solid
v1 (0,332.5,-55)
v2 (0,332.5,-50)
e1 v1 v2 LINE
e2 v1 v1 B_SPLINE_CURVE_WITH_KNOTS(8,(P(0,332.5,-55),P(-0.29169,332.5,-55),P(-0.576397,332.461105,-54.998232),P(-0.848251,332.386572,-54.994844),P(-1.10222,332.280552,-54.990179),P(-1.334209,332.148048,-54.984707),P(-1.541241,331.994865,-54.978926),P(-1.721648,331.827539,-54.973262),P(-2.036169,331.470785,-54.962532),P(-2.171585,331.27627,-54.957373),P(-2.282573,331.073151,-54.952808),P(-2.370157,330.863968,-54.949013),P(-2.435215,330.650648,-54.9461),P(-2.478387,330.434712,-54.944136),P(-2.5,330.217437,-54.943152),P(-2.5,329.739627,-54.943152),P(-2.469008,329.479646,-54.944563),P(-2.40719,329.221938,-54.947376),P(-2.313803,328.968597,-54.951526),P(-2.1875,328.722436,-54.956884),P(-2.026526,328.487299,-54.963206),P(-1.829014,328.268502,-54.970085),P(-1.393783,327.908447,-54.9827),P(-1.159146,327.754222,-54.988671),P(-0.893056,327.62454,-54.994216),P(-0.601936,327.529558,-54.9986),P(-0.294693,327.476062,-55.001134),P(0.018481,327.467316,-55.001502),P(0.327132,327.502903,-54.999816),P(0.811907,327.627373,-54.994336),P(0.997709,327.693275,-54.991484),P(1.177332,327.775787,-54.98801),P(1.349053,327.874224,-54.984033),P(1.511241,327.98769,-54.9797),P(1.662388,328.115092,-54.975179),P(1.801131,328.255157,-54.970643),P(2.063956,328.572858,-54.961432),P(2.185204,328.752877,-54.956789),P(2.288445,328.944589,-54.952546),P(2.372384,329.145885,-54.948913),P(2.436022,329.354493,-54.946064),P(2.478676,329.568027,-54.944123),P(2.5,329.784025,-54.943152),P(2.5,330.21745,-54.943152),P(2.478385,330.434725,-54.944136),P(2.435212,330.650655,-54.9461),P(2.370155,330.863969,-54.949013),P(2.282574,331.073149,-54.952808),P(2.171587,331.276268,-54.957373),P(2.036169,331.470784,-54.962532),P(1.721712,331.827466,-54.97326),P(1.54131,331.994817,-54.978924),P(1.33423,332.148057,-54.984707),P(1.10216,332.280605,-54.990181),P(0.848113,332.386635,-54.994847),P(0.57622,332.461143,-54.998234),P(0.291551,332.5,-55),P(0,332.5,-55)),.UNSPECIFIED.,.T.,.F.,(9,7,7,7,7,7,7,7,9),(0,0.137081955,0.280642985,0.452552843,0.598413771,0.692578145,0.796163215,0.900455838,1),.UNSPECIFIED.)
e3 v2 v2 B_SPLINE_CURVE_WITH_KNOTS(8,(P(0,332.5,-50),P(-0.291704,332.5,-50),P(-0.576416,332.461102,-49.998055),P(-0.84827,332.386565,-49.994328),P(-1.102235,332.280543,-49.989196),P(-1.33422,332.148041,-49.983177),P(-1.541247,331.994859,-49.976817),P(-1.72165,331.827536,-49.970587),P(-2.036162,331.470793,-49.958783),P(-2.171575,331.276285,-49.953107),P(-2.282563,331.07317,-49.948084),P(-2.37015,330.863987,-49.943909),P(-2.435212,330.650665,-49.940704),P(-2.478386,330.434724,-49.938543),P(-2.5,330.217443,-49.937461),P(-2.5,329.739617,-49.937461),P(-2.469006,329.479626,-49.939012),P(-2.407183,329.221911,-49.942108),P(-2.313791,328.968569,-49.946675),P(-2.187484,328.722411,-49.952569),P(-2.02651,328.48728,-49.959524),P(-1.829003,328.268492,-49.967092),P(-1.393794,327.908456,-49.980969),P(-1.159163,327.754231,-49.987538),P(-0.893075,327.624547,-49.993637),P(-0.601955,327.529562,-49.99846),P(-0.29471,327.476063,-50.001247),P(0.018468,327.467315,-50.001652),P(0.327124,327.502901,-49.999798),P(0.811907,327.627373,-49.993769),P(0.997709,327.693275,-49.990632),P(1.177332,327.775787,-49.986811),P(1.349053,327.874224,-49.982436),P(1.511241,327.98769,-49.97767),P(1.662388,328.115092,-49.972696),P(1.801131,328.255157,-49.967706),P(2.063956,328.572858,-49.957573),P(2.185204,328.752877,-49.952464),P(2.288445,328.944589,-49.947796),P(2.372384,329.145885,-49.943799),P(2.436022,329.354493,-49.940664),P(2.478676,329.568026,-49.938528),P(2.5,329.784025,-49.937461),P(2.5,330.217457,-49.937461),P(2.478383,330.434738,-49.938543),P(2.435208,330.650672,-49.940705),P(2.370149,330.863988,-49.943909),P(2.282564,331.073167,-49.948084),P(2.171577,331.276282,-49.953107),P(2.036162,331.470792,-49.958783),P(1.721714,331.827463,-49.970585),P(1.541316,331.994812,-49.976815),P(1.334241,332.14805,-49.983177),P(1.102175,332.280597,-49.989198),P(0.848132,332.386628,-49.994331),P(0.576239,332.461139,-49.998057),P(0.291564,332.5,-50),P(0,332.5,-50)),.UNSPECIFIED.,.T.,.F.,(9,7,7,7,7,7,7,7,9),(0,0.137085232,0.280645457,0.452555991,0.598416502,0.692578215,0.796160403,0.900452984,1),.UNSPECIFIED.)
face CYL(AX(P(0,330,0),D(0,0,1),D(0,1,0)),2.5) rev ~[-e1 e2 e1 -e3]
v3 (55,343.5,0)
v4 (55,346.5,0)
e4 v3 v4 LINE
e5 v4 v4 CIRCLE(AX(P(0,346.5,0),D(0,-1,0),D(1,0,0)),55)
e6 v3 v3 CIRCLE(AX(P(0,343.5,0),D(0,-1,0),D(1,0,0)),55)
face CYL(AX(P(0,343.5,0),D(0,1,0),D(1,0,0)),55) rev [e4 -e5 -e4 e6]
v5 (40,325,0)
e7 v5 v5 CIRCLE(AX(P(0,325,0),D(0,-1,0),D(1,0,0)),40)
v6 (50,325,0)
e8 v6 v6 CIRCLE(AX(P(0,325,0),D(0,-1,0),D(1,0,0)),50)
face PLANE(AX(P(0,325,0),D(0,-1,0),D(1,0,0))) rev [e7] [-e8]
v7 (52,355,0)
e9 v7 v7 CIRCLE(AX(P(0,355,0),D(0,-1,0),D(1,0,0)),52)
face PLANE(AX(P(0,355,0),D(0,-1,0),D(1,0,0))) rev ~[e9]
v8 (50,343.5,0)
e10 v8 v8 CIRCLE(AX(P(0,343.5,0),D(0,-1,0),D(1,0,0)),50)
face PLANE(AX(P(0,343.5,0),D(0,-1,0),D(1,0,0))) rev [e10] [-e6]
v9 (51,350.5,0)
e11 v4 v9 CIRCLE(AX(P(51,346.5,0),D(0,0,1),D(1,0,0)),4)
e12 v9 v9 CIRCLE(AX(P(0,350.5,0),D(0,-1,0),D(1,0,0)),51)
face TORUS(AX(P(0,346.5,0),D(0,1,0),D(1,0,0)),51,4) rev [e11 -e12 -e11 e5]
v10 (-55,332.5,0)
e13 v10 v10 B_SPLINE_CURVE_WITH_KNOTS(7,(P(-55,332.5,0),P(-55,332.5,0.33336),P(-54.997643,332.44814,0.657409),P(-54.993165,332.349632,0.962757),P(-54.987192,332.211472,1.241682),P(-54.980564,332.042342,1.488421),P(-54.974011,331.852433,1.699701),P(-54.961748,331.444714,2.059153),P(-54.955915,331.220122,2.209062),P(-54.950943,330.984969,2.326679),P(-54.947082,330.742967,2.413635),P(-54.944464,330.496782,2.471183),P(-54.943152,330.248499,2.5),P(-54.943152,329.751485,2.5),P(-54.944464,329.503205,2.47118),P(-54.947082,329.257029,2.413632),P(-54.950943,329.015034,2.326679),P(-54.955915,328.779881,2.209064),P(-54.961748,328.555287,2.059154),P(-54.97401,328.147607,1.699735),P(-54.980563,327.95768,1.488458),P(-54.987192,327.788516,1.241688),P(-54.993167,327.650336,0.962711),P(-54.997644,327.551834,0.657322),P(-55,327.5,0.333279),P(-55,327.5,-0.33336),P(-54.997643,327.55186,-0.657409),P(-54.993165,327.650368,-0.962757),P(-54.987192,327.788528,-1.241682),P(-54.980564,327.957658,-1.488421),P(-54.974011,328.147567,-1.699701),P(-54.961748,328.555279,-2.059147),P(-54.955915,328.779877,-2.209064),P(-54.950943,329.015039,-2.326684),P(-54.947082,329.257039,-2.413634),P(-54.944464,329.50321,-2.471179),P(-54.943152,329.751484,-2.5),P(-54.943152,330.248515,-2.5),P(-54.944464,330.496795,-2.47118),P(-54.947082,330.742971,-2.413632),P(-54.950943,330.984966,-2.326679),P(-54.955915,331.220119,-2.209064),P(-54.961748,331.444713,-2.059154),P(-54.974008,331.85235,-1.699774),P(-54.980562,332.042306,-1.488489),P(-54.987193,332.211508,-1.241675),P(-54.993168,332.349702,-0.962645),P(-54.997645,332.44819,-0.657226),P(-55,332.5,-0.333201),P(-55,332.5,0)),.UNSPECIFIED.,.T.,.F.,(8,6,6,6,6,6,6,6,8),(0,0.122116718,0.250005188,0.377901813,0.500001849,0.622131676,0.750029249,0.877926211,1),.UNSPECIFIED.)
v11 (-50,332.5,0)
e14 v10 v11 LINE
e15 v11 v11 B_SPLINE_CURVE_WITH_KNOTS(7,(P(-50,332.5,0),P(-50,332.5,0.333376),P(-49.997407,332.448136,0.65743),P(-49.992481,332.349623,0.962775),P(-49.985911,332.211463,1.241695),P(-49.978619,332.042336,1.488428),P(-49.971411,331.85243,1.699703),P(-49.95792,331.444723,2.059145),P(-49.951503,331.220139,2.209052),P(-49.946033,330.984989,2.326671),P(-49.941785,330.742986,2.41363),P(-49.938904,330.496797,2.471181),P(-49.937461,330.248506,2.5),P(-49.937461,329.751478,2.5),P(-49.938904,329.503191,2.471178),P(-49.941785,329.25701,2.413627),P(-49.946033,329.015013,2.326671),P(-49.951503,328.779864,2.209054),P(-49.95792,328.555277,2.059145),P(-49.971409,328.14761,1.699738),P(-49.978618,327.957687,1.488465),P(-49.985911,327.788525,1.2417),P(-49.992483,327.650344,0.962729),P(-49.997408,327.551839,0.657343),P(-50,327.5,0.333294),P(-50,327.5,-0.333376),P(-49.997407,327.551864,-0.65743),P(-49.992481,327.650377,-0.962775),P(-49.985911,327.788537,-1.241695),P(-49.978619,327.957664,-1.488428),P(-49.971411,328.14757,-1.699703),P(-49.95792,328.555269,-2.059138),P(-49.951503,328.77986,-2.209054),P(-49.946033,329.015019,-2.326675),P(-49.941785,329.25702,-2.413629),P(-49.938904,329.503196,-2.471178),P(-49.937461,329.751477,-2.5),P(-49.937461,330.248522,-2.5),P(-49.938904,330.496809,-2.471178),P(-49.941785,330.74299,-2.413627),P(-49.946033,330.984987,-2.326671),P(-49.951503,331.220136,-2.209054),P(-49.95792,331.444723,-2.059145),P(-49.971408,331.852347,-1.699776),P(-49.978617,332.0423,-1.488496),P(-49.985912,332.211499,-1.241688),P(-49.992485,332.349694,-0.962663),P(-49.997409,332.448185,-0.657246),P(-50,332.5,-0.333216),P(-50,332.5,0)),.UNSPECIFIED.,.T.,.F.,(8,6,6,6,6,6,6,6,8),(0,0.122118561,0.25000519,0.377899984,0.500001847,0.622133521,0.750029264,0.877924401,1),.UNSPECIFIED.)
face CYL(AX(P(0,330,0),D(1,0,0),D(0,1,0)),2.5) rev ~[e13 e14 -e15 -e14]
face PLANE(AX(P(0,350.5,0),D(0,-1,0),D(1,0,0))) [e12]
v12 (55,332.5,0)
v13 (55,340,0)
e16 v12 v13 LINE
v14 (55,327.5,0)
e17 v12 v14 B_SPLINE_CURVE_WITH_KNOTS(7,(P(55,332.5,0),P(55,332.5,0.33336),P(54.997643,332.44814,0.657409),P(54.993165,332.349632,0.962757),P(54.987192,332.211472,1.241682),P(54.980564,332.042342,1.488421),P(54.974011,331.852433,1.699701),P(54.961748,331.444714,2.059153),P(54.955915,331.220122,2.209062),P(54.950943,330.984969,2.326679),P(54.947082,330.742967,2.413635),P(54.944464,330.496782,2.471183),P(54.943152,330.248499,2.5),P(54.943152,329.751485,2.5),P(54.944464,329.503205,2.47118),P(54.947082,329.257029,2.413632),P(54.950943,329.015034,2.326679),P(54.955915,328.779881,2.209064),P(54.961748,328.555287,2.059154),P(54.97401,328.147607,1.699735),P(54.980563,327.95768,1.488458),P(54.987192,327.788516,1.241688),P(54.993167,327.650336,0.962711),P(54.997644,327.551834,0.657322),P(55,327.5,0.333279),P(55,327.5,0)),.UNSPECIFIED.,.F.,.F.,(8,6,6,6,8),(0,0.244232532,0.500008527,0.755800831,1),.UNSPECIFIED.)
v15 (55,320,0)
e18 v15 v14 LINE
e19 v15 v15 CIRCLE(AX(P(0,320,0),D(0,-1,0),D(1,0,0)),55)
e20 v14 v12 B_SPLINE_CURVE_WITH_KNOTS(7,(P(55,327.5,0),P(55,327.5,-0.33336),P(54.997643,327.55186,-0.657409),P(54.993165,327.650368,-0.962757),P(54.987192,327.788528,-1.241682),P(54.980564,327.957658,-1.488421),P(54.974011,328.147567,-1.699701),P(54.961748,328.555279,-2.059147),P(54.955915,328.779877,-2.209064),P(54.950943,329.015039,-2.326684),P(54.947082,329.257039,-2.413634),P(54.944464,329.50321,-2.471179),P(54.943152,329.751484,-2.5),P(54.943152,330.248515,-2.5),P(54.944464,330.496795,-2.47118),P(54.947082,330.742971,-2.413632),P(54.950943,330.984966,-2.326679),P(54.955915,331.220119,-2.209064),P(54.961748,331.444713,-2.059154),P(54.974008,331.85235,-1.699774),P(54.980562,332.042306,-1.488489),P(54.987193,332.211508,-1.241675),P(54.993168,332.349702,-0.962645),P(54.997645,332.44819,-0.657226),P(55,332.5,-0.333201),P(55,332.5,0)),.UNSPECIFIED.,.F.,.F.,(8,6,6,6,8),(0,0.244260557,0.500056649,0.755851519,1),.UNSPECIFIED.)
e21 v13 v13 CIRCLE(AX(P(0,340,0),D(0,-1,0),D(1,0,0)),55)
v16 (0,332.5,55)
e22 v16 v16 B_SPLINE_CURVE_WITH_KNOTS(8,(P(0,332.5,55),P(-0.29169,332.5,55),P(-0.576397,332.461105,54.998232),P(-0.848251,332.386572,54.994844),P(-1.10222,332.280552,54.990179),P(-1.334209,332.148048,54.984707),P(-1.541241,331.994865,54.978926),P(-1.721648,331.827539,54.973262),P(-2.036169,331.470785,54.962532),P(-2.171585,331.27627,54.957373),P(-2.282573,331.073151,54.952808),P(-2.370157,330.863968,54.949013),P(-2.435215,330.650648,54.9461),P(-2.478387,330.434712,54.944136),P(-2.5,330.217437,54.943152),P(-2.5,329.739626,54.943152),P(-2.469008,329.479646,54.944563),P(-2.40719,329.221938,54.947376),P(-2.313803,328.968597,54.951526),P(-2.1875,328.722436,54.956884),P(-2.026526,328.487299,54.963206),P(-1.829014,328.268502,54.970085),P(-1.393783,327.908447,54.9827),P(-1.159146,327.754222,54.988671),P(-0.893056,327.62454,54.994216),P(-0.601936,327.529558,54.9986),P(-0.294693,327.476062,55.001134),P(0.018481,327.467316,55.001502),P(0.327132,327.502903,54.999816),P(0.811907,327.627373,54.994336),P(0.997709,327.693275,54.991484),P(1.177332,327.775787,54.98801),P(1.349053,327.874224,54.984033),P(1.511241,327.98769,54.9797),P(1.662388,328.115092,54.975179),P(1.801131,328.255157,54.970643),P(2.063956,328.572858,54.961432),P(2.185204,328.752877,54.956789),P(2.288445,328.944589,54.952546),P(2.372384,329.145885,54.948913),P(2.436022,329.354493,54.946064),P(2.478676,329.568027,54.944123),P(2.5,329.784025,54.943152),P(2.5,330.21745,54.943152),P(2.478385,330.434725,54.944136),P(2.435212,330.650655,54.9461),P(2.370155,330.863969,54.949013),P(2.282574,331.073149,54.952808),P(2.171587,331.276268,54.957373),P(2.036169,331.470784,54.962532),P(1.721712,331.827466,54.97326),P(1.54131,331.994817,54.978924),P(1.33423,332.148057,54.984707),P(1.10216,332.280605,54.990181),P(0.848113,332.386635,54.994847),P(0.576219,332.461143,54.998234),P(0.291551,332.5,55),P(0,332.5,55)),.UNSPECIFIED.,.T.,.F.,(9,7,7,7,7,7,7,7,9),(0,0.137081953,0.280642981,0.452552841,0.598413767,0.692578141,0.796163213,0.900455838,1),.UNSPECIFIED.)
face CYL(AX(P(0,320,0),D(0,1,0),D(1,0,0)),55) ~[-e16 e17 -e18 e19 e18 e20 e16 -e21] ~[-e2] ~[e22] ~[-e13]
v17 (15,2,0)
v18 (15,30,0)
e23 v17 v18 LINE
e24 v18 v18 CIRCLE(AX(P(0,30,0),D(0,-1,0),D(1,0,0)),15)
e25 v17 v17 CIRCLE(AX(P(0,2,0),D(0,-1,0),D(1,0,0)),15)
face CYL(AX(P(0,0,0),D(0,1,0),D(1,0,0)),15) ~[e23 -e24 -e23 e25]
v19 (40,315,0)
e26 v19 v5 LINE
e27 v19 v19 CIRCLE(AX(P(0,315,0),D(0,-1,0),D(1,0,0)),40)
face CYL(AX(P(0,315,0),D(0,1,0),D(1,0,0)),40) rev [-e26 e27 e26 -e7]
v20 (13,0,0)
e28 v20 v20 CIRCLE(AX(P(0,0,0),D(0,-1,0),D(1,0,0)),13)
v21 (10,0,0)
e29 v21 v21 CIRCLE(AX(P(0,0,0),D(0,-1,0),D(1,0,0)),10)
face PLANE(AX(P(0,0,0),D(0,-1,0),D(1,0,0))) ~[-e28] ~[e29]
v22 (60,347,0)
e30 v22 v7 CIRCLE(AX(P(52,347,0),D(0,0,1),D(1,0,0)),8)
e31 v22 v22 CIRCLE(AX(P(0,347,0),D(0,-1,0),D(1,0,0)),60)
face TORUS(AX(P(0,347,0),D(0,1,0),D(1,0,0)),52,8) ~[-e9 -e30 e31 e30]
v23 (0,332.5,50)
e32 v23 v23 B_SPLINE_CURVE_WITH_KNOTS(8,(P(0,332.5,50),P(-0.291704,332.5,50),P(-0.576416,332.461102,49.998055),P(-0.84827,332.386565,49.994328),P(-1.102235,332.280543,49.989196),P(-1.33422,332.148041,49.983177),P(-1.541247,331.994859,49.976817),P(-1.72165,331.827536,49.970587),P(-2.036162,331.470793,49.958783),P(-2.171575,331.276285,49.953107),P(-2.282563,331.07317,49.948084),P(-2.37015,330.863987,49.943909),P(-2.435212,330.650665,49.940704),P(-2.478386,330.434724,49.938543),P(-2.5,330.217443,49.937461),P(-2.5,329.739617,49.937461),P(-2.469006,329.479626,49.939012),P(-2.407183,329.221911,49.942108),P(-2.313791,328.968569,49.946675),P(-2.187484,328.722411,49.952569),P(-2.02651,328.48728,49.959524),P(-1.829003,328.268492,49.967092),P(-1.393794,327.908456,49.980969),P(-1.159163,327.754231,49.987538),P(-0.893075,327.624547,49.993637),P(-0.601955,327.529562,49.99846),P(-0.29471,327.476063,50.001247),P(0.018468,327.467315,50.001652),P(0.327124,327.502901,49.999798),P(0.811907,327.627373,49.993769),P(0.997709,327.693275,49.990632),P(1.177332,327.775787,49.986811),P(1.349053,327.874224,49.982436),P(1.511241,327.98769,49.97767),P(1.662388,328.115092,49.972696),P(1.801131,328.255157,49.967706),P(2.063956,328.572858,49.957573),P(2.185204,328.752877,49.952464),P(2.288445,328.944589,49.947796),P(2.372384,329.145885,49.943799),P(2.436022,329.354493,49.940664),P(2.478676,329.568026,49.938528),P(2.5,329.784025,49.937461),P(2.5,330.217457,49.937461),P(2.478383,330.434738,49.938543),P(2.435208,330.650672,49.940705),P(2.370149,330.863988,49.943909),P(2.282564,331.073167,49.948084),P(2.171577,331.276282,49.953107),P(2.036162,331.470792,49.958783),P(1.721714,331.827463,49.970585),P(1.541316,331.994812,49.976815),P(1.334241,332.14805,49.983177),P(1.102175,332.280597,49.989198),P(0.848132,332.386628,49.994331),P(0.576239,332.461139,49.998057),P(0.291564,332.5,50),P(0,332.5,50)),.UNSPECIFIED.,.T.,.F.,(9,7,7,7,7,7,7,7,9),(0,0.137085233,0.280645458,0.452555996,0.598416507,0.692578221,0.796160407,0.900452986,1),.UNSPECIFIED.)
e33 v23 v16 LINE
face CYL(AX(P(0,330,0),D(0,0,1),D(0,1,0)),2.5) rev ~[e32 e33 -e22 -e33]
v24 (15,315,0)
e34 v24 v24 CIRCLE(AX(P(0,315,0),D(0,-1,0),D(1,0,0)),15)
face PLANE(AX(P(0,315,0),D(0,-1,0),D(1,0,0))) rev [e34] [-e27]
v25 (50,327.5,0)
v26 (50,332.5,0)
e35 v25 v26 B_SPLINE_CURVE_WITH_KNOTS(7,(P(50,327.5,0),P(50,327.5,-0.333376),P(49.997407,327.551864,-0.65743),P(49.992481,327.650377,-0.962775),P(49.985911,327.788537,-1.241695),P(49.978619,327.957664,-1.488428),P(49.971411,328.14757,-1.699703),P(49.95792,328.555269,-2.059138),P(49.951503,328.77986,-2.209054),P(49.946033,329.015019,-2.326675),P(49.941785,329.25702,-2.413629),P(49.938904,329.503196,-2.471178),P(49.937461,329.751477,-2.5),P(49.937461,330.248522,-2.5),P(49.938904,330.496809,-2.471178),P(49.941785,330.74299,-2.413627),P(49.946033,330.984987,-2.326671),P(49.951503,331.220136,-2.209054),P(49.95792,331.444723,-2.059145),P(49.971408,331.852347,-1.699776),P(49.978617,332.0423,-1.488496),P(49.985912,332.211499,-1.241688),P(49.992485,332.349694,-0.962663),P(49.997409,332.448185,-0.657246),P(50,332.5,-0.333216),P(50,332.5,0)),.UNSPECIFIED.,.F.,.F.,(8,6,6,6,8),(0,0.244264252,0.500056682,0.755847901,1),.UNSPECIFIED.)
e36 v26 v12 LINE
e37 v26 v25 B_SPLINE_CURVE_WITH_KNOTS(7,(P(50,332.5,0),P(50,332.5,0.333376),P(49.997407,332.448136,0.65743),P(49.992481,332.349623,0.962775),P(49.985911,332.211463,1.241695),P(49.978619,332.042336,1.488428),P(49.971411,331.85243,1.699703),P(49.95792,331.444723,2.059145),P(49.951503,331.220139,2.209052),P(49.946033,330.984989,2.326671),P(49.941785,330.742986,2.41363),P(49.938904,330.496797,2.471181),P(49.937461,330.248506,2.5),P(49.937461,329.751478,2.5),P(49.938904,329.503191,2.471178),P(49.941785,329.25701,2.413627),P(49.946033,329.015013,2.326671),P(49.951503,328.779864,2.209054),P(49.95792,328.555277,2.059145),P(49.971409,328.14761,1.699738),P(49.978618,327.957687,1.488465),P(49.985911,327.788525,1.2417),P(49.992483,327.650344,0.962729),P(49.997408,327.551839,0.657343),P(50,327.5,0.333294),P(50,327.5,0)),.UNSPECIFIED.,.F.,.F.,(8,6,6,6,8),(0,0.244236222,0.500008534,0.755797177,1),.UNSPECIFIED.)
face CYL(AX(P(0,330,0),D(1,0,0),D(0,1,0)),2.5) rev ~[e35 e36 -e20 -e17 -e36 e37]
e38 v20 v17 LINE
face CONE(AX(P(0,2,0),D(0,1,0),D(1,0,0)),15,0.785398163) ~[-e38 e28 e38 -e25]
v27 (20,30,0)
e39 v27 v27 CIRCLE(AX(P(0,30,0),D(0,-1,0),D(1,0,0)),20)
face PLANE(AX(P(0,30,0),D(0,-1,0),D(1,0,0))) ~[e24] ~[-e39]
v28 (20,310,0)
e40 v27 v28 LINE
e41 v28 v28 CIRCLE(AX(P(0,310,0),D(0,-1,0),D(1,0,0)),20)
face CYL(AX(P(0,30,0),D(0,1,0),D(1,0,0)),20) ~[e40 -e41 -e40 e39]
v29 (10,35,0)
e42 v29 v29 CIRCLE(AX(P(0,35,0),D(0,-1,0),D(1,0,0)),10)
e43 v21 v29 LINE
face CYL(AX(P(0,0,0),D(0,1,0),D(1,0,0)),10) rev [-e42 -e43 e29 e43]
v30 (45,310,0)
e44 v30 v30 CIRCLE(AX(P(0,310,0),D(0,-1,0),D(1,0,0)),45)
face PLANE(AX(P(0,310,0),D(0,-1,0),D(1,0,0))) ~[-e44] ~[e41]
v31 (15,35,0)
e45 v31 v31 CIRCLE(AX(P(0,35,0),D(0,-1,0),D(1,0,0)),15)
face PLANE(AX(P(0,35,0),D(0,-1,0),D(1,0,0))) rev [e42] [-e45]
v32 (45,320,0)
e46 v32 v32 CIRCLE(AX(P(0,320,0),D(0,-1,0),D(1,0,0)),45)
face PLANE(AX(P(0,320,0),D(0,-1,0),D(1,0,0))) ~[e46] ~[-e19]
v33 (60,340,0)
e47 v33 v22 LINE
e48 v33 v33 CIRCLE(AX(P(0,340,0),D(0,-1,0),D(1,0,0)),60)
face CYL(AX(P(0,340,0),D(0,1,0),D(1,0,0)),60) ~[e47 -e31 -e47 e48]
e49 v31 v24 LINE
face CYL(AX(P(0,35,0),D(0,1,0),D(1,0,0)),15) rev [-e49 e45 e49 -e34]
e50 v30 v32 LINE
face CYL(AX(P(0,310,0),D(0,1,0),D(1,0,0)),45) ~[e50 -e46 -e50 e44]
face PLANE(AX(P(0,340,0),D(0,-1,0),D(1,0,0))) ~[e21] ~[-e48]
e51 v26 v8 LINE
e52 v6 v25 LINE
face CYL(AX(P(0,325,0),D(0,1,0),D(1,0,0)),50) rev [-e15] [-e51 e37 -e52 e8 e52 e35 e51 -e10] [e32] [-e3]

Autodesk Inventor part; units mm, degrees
ref_plane "YZ Plane" through (0, 0, 0) normal (1, 0, 0) x (0, 1, 0)
ref_plane "XZ Plane" through (0, 0, 0) normal (0, 1, 0) x (-1, 0, 0)
ref_plane "XY Plane" through (0, 0, 0) normal (0, 0, 1) x (1, 0, 0)
sketch "Эскиз1" plane through (0, 0, 0) normal (0, 0, 1) x (1, 0, 0)
  line L0 (0, 0) -> (15, 0)
  line L1 (15, 0) -> (15, 30)
  line L2 (15, 30) -> (20, 30)
  line L3 (20, 30) -> (20, 310)
  line L4 (20, 310) -> (45, 310)
  line L5 (45, 310) -> (45, 320)
  line L6 (45, 320) -> (55, 320)
  line L7 (55, 320) -> (55, 340)
  line L8 (55, 340) -> (60, 340)
  line L9 (60, 340) -> (60, 347)
  line L10 (52, 355) -> (0, 355)
  arc A0 (60, 347) -> (52, 355) centre (52, 347) ccw
  line L11 (15, 0) -> (10, 0)
  line L12 (10, 0) -> (10, 35)
  line L13 (10, 35) -> (15, 35)
  line L14 (15, 35) -> (15, 315)
  line L15 (15, 315) -> (40, 315)
  line L16 (40, 315) -> (40, 325)
  line L17 (40, 325) -> (50, 325)
  line L18 (50, 325) -> (50, 343.5)
  line L19 (50, 343.5) -> (55, 343.5)
  line L20 (55, 343.5) -> (55, 346.5)
  line L21 (51, 350.5) -> (0, 350.5)
  arc A1 (55, 346.5) -> (51, 350.5) centre (51, 346.5) ccw
  line L22 (0, 355) -> (0, 350.5)
  point P0 (60, 355)
  dimension "d0" = 15
  dimension "d1" = 30
  dimension "d2" = 5
  dimension "d3" = 280
  dimension "d4" = 25
  dimension "d5" = 10
  dimension "d6" = 10
  dimension "d7" = 20
  dimension "d8" = 5
  dimension "d9" = 15
  dimension "d10" = 8
  dimension "d11" = 5
  dimension "d12" = 35
  dimension "d13" = 25
  dimension "d14" = 10
  dimension "d15" = 10
  dimension "d16" = 18.5
  dimension "d17" = 4
  dimension "d18" = 3
revolve "Вращение1" add sketch "Эскиз1" angle 360 about axis through (0, 355, 0) along (0, -1, 0)
sketch "Эскиз2" plane through (0, 0, 0) normal (1, 0, 0) x (0, 1, 0)
  line L0 (340, 55) -> (340, -55) projected
  line L1 (320, 55) -> (320, -55) projected
  circle A0 centre (330, 0) radius 2.5
  point P0 (0, 0)
  dimension "d20" = 5
extrude "Выдавливание1" cut sketch "Эскиз2" against normal through all both and the other way through all
pattern_circular "Круговой массив1" count 4 over 360 about axis through (0, 330, 0) along (0, -1, 0) of "Выдавливание1"
thread "Резьба1" size "M30x3.5" class "6g" standard "ANSI Metric M Profile" full length
chamfer "Фаска1" distance 2 angle 45 1 edges at (-15, 0, 0)
properties part number "Сапун" material "Чугун, серый"
